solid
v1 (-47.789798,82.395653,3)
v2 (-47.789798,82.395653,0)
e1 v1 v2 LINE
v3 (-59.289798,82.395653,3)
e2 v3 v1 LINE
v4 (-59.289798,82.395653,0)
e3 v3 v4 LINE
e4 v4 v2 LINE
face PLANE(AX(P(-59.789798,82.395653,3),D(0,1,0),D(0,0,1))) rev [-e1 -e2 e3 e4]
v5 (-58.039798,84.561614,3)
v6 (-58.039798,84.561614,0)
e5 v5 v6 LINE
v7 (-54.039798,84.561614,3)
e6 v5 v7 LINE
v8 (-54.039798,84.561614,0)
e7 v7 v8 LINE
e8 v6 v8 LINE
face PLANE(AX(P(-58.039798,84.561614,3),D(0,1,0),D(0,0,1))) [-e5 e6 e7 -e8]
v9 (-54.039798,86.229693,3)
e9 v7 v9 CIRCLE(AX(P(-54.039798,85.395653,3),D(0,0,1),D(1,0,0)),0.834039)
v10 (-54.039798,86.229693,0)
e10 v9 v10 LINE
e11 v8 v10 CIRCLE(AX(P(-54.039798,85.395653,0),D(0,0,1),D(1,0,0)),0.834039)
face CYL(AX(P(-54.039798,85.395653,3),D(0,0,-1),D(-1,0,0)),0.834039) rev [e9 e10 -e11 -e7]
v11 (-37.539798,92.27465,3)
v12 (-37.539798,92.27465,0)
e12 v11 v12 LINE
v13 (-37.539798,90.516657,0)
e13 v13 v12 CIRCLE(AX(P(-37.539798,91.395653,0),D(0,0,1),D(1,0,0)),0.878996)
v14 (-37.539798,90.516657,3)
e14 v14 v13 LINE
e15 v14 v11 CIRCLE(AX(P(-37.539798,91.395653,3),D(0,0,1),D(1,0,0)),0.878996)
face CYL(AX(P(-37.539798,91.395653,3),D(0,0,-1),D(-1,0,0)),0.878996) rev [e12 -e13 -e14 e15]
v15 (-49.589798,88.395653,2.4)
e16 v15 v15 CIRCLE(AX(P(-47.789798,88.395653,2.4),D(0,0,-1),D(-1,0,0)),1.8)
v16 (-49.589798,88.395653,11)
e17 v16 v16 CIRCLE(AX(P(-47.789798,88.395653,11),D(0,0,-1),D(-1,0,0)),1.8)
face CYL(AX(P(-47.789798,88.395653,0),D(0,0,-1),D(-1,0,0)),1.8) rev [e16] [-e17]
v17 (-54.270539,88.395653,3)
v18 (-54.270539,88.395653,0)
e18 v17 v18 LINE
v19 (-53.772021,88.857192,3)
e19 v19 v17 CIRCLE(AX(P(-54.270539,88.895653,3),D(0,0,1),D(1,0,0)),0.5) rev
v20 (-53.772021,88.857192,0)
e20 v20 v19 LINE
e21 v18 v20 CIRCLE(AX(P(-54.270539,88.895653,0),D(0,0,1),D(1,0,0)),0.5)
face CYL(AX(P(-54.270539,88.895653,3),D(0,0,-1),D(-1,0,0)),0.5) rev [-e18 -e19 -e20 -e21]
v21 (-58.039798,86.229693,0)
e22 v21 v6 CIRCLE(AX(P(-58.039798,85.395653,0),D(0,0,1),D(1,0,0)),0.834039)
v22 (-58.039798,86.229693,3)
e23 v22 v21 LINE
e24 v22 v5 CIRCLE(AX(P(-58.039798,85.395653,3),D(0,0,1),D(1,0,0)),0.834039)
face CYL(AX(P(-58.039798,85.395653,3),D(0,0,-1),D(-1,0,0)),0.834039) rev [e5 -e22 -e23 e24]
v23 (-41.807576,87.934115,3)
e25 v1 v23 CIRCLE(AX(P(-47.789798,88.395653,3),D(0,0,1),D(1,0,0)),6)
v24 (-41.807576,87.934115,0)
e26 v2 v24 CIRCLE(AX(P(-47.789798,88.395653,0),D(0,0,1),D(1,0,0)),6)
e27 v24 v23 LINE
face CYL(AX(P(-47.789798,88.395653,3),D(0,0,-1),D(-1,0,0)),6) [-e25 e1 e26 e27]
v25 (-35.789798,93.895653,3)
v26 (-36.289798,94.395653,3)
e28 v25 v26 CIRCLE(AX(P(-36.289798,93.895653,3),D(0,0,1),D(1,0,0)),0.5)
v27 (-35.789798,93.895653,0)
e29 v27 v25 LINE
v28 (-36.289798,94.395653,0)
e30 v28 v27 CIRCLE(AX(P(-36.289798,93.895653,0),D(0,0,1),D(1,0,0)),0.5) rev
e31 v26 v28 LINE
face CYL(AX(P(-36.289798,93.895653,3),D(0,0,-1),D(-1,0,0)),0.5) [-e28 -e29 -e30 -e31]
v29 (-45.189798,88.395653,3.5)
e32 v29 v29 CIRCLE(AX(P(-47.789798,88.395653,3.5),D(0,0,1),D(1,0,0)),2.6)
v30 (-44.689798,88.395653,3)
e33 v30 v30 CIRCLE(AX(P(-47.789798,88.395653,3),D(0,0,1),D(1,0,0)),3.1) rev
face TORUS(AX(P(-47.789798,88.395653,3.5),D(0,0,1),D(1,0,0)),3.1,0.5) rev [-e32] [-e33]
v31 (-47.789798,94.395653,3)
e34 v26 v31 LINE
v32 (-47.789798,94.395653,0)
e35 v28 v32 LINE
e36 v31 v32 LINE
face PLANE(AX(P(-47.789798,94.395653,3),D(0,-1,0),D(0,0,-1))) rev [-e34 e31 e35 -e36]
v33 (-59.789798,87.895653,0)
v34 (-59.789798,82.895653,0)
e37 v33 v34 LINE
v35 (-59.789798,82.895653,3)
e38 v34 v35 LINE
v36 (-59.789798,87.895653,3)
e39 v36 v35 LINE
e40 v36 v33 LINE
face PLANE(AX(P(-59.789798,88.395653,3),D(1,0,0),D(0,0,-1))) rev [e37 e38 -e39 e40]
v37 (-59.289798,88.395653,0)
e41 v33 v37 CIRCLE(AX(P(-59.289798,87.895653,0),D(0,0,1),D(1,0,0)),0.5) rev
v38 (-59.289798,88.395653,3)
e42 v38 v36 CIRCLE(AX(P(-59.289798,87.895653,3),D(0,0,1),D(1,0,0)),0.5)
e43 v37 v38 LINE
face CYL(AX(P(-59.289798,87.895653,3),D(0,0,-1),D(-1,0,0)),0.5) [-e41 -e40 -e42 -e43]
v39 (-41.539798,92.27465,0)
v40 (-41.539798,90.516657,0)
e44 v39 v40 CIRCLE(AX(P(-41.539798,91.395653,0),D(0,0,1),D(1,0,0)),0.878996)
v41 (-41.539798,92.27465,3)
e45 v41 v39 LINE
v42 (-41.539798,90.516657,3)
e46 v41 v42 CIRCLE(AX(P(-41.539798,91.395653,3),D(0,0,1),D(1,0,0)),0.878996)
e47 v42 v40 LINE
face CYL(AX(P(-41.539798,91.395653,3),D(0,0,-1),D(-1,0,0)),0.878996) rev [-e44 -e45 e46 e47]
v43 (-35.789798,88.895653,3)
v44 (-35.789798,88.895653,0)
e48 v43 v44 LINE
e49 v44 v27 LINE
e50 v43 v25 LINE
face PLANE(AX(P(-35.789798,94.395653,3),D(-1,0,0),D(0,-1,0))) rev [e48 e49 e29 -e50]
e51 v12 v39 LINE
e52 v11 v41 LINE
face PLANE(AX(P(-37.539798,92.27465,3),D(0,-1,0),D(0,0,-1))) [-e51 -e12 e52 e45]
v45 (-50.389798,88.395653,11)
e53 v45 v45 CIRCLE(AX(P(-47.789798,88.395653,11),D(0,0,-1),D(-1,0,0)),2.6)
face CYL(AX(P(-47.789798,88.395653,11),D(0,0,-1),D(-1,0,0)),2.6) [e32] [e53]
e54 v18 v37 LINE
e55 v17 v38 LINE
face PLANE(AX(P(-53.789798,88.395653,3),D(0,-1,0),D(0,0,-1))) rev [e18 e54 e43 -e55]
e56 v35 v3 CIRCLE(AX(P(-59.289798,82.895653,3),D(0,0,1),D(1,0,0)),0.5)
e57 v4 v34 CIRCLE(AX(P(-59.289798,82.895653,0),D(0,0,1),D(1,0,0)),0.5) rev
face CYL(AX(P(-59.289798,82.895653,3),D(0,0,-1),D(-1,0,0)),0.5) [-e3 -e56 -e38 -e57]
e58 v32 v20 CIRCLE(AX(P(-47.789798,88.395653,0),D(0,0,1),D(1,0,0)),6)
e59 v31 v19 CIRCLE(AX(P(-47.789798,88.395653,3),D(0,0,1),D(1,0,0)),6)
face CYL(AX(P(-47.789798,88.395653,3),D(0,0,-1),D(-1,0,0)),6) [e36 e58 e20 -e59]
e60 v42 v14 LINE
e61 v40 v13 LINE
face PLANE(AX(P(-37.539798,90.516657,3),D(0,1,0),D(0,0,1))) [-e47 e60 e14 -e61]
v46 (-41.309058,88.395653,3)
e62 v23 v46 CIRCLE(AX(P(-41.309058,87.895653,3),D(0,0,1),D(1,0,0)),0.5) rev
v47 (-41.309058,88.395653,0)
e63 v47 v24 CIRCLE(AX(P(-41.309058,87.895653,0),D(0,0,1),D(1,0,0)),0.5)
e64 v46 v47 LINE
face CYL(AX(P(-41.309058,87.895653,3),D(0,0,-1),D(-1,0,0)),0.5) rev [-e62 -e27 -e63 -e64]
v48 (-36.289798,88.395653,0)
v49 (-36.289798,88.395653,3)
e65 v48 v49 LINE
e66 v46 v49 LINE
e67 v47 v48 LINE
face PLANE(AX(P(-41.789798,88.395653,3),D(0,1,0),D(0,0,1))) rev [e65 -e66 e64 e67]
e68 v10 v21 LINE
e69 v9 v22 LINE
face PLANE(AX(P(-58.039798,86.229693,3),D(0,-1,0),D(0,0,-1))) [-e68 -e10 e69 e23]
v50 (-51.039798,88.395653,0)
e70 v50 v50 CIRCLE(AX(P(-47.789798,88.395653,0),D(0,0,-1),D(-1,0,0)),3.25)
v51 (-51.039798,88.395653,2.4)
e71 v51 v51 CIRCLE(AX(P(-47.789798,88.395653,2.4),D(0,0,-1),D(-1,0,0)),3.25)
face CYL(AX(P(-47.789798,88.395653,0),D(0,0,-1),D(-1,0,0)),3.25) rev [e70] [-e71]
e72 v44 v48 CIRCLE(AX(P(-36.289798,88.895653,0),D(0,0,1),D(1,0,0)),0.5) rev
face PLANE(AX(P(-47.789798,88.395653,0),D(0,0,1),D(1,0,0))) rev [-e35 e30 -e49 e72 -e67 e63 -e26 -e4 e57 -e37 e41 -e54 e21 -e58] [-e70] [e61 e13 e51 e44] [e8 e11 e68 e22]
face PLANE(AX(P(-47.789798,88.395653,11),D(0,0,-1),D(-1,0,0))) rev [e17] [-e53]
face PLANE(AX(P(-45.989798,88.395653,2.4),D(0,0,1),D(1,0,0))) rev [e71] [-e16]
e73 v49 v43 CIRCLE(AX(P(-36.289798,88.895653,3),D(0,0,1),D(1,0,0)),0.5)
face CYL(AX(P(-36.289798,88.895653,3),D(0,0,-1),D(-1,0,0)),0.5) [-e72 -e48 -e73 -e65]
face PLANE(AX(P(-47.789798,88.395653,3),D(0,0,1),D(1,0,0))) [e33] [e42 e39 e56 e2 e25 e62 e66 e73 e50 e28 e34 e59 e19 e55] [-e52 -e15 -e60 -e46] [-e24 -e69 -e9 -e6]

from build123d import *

# Parameters (mm, degrees)
BOSS_EXTRUDE1_DEPTH                                  = 3
SKETCH2_R                                            = 2.6
BOSS_EXTRUDE2_DEPTH                                  = 8
FILLET1_R                                            = 0.5
CBORE_FOR_M3_HEX_SOCKET_THIN_HEAD_CAP_SC_D           = 3.6
CBORE_FOR_M3_HEX_SOCKET_THIN_HEAD_CAP_SC_CBORE_D     = 6.5
CBORE_FOR_M3_HEX_SOCKET_THIN_HEAD_CAP_SC_CBORE_DEPTH = 2.4


with BuildPart() as part:
    # Sketch1 → Boss-Extrude1 (new body)
    with BuildSketch(Plane.XY):
        with BuildLine():
            Line((-47.789798407, 94.395653496), (-35.789798407, 94.395653496))
            Line((-35.789798407, 94.395653496), (-35.789798407, 88.395653496))
            Line((-35.789798407, 88.395653496), (-41.789798407, 88.395653496))
            ThreePointArc((-41.789798407, 88.395653496), (-43.54715772, 84.153012809), (-47.789798407, 82.395653496))
            Line((-47.789798407, 82.395653496), (-59.789798407, 82.395653496))
            Line((-59.789798407, 82.395653496), (-59.789798407, 88.395653496))
            Line((-59.789798407, 88.395653496), (-53.789798407, 88.395653496))
            ThreePointArc((-53.789798407, 88.395653496), (-52.032439094, 92.638294183), (-47.789798407, 94.395653496))
        make_face()
        with BuildLine():
            Line((-37.539798407, 90.516657199), (-41.539798407, 90.516657199))
            ThreePointArc((-41.539798407, 90.516657199), (-42.418794704, 91.395653496), (-41.539798407, 92.274649793))
            Line((-41.539798407, 92.274649793), (-37.539798407, 92.274649793))
            ThreePointArc((-37.539798407, 92.274649793), (-36.66080211, 91.395653496), (-37.539798407, 90.516657199))
        make_face(mode=Mode.SUBTRACT)
        with BuildLine():
            Line((-58.039798407, 86.229692735), (-54.039798407, 86.229692735))
            ThreePointArc((-54.039798407, 86.229692735), (-53.205759169, 85.395653496), (-54.039798407, 84.561614258))
            Line((-54.039798407, 84.561614258), (-58.039798407, 84.561614258))
            ThreePointArc((-58.039798407, 84.561614258), (-58.873837646, 85.395653496), (-58.039798407, 86.229692735))
        make_face(mode=Mode.SUBTRACT)
    extrude(amount=BOSS_EXTRUDE1_DEPTH)

    # Sketch2 → Boss-Extrude2 (add)
    with BuildSketch(Plane(origin=(0, 0, 3), x_dir=(-1, 0, 0), z_dir=(0, 0, -1))):
        with Locations((47.789798407, 88.395653496)):
            Circle(SKETCH2_R)
    extrude(amount=-BOSS_EXTRUDE2_DEPTH)

    # Fillet1
    fillet1_edges = [part.edges().sort_by_distance(p)[0] for p in [
        (-35.789798407, 94.395653496, 1.5),
        (-35.789798407, 88.395653496, 1.5),
        (-41.789798407, 88.395653496, 1.5),
        (-59.789798407, 82.395653496, 1.5),
        (-59.789798407, 88.395653496, 1.5),
        (-53.789798407, 88.395653496, 1.5),
        (-45.189798407, 88.395653496, 3),
    ]]
    fillet(fillet1_edges, radius=FILLET1_R)

    # CBORE for M3 Hex Socket Thin Head Cap Screw1 (through all)
    with Locations(Plane(origin=(0, 0, 0), x_dir=(-1, 0, 0), z_dir=(0, 0, -1))):
        with Locations((47.789798407, 88.395653496)):
            CounterBoreHole(CBORE_FOR_M3_HEX_SOCKET_THIN_HEAD_CAP_SC_D / 2, CBORE_FOR_M3_HEX_SOCKET_THIN_HEAD_CAP_SC_CBORE_D / 2, CBORE_FOR_M3_HEX_SOCKET_THIN_HEAD_CAP_SC_CBORE_DEPTH)


solid = part.part
